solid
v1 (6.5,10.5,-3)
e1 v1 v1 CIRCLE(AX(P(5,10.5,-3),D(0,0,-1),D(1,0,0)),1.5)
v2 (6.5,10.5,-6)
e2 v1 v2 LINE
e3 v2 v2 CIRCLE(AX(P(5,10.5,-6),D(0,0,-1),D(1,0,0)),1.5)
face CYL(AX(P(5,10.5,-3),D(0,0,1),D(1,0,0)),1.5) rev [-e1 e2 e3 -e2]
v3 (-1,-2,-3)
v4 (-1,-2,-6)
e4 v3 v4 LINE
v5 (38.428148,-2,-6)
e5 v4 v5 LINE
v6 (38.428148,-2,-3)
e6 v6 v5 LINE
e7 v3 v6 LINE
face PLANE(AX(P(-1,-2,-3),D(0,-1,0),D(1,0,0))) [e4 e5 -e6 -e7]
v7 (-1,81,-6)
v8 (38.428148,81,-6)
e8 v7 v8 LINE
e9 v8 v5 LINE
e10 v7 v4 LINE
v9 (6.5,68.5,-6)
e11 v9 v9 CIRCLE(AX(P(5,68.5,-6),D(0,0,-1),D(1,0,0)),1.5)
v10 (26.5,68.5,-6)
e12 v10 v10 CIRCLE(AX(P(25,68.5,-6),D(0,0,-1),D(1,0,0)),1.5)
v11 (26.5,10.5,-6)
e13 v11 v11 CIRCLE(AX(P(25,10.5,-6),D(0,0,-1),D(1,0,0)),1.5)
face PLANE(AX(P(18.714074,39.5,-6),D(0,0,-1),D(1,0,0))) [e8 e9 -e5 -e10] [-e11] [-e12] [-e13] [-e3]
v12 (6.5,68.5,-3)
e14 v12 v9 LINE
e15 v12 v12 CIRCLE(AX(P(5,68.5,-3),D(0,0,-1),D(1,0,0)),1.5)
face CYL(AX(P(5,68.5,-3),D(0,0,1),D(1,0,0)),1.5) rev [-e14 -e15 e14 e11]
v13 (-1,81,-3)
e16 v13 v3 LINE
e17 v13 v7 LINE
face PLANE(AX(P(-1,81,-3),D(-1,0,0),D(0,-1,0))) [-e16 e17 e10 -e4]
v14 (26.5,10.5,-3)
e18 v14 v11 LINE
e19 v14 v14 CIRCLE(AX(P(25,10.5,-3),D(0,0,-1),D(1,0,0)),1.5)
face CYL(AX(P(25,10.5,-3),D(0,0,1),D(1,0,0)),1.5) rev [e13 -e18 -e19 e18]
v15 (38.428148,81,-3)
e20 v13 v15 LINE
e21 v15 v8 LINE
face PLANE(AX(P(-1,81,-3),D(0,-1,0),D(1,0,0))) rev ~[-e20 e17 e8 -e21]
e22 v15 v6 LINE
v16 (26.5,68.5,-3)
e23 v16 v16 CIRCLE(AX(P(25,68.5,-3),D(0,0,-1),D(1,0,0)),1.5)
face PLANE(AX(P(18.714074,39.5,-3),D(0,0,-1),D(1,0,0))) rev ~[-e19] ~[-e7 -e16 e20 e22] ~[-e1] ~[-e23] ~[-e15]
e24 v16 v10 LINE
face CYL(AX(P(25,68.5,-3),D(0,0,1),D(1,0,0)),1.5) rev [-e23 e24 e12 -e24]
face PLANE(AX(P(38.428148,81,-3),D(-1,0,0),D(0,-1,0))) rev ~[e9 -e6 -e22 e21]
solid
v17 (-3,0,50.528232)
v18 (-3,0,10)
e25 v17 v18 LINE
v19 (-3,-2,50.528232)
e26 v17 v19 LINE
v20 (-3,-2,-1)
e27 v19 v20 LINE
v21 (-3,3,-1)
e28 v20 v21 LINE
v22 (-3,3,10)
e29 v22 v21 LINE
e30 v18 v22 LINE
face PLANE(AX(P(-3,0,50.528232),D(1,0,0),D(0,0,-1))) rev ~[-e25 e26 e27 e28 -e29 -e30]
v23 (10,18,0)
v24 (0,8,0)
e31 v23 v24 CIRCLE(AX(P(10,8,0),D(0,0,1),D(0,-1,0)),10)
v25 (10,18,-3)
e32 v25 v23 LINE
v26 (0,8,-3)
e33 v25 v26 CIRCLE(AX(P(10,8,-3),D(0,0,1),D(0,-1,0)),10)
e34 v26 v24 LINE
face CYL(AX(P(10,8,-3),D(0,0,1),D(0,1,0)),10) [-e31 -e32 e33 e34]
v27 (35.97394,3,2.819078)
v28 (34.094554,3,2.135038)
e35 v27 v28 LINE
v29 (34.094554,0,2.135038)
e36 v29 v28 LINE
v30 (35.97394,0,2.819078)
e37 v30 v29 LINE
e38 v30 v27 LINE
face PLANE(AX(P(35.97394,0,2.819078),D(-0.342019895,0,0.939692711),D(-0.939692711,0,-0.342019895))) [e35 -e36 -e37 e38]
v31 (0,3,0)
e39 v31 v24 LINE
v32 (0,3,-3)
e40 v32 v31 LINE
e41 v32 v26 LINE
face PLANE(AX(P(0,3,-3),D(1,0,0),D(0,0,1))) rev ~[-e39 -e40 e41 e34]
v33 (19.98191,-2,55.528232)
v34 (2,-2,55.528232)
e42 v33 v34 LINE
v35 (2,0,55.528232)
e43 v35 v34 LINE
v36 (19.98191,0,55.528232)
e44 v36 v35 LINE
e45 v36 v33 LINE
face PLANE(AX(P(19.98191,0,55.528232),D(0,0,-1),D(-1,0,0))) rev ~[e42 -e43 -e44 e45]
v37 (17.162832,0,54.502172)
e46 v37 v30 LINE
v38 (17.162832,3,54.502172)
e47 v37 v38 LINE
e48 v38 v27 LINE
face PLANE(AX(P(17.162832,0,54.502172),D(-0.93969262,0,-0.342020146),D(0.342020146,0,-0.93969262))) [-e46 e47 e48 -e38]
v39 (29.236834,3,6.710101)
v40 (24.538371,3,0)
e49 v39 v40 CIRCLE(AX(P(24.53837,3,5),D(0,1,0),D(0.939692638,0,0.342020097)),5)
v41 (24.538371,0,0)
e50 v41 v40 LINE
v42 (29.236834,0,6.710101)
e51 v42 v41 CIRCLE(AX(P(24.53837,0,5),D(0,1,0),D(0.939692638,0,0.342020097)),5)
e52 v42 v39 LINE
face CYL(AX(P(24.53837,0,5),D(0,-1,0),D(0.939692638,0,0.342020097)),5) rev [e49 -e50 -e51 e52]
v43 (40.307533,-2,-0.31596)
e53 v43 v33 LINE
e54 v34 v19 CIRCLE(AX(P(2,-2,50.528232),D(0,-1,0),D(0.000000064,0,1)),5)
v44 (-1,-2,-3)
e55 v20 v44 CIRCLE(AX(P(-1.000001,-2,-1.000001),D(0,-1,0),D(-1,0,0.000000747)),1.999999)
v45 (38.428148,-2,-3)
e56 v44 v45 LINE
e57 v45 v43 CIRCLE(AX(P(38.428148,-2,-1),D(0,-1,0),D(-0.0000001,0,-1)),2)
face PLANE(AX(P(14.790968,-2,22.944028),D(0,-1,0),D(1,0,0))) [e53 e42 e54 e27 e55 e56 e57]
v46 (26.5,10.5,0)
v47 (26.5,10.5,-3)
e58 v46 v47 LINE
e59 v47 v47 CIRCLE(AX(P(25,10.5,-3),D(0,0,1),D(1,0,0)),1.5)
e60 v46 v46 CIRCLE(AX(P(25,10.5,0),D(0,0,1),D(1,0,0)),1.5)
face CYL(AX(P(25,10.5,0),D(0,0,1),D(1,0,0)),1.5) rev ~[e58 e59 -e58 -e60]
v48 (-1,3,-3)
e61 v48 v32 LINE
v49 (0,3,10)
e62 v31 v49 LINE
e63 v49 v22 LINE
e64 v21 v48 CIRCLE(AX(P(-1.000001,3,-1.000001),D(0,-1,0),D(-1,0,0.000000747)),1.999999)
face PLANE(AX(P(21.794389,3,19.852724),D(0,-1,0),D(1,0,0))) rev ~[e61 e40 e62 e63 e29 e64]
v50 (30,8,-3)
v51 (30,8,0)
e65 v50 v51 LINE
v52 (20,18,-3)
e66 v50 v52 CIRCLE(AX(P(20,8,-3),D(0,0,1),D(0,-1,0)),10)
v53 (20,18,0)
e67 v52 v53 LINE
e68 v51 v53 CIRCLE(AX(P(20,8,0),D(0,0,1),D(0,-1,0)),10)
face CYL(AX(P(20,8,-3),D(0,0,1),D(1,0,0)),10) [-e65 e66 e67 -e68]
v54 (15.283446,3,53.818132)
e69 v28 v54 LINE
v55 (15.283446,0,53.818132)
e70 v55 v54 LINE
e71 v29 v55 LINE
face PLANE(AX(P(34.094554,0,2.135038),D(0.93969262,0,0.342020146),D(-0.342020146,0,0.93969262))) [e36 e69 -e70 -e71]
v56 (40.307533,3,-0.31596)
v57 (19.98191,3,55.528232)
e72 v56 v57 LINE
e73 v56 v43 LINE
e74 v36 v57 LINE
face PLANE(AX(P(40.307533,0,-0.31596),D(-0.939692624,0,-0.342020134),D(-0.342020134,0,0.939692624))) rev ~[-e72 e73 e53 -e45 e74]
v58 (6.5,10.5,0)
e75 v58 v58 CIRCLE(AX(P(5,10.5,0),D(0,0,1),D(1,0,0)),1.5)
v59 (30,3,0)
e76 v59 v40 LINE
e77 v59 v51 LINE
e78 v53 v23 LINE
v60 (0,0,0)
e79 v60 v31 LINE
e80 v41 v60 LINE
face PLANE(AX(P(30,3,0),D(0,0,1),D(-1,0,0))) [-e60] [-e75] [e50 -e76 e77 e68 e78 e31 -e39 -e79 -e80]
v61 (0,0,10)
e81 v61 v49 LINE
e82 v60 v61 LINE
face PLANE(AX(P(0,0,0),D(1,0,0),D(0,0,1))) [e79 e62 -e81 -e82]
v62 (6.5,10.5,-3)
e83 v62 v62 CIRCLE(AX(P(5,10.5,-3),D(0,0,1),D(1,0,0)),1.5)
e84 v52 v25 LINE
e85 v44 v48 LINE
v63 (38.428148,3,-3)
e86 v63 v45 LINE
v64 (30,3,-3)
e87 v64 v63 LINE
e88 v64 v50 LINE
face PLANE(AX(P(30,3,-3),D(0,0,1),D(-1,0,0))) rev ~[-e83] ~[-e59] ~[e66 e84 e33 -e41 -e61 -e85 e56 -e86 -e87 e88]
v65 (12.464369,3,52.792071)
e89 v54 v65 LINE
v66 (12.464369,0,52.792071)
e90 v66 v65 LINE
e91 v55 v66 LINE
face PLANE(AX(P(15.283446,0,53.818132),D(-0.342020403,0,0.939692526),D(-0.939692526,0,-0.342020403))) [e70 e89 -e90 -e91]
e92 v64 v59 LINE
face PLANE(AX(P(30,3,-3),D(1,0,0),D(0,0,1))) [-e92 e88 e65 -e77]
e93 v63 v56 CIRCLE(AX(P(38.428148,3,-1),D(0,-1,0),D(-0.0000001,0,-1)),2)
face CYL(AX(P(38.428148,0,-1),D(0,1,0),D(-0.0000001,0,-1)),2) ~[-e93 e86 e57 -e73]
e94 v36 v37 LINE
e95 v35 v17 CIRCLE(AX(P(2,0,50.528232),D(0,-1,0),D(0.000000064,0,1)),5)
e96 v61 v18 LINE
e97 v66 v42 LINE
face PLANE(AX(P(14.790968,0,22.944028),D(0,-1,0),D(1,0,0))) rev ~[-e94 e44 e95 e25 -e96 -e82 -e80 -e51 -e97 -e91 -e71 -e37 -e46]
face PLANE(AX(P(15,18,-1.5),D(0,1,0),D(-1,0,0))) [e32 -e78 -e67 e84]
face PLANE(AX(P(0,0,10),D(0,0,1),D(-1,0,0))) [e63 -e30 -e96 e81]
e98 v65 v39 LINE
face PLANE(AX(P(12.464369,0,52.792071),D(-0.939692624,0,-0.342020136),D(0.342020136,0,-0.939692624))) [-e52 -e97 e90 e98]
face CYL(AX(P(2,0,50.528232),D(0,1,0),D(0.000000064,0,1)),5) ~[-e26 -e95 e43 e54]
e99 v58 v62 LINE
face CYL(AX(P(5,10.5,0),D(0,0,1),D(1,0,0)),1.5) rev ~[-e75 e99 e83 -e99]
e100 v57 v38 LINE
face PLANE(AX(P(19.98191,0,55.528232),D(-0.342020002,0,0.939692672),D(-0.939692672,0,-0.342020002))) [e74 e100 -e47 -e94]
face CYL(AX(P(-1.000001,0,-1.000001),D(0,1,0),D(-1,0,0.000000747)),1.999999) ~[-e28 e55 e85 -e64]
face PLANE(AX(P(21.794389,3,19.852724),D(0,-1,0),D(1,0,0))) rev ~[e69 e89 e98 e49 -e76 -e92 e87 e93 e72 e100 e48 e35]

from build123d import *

# Parameters (mm, degrees)
F1_DEPTH  = 3
F3_DEPTH  = 2
F4_W      = 30
F4_H      = 3
F5_DEPTH  = 15
F6_R      = 1.5
F7_DEPTH  = 3.001
F8_R      = 10
F9_W      = 39.428148
F9_H      = 83
F9_R      = 1.5
F10_DEPTH = 3


with BuildPart() as f1:
    # F0 (on Front) → F1 (new body)
    with BuildSketch(Plane.XZ):
        with BuildLine():
            Line((24.538371, 0), (0, 0))
            Line((0, 0), (0, 10))
            Line((0, 10), (-3, 10))
            Line((-3, 10), (-3, -1))
            ThreePointArc((-3, -1), (-2.414214, -2.414214), (-1, -3))
            Line((-1, -3), (38.428148, -3))
            ThreePointArc((38.428148, -3), (40.066452, -2.147153), (40.307533, -0.31596))
            Line((40.307533, -0.31596), (19.98191, 55.528232))
            Line((19.98191, 55.528232), (17.162832, 54.502172))
            Line((17.162832, 54.502172), (35.97394, 2.819078))
            Line((35.97394, 2.819078), (34.094554, 2.135038))
            Line((34.094554, 2.135038), (15.283446, 53.818132))
            Line((15.283446, 53.818132), (12.464369, 52.792071))
            Line((12.464369, 52.792071), (29.236834, 6.710101))
            ThreePointArc((29.236834, 6.710101), (28.634131, 2.132118), (24.538371, 0))
        make_face()
    extrude(amount=-F1_DEPTH)

    # F2 (on Front) → F3 (join)
    with BuildSketch(Plane.XZ):
        with BuildLine():
            Line((-1, -3), (38.428148, -3))
            ThreePointArc((38.428148, -3), (40.066452, -2.147153), (40.307533, -0.31596))
            Line((40.307533, -0.31596), (19.98191, 55.528232))
            Line((19.98191, 55.528232), (2, 55.528232))
            ThreePointArc((2, 55.528232), (-1.535534, 54.063766), (-3, 50.528232))
            Line((-3, 50.528232), (-3, 10))
            Line((-3, 10), (-3, -1))
            ThreePointArc((-3, -1), (-2.414214, -2.414214), (-1, -3))
        make_face()
    extrude(amount=F3_DEPTH)

    # F4 (on face) → F5 (join)
    with BuildSketch(Plane(origin=(0, 3, 0), x_dir=(-1, 0, 0), z_dir=(0, 1, 0))):
        with Locations((-15, -1.5)):
            Rectangle(F4_W, F4_H)
    extrude(amount=F5_DEPTH)

    # F6 (on face) → F7 (cut, through all)
    with BuildSketch(Plane.XY):
        with Locations((25, 10.5)):
            Circle(F6_R)
        with Locations((5, 10.5)):
            Circle(F6_R)
    extrude(amount=-F7_DEPTH, mode=Mode.SUBTRACT)

    # F8
    f8_edges = [f1.edges().sort_by_distance(p)[0] for p in [
        (30, 18, -1.5),
        (0, 18, -1.5),
    ]]
    fillet(f8_edges, radius=F8_R)


with BuildPart() as f10:
    # F9 (on face) → F10 (new body)
    with BuildSketch(Plane(origin=(0, 0, -3), x_dir=(1, 0, 0), z_dir=(0, 0, -1))):
        with Locations((18.714074, -39.5)):
            Rectangle(F9_W, F9_H)
        with Locations((5, -68.5)):
            Circle(F9_R, mode=Mode.SUBTRACT)
        with Locations((25, -68.5)):
            Circle(F9_R, mode=Mode.SUBTRACT)
        with Locations((5, -10.5)):
            Circle(F9_R, mode=Mode.SUBTRACT)
        with Locations((25, -10.5)):
            Circle(F9_R, mode=Mode.SUBTRACT)
    extrude(amount=F10_DEPTH)


solid = Compound([f1.part, f10.part])
